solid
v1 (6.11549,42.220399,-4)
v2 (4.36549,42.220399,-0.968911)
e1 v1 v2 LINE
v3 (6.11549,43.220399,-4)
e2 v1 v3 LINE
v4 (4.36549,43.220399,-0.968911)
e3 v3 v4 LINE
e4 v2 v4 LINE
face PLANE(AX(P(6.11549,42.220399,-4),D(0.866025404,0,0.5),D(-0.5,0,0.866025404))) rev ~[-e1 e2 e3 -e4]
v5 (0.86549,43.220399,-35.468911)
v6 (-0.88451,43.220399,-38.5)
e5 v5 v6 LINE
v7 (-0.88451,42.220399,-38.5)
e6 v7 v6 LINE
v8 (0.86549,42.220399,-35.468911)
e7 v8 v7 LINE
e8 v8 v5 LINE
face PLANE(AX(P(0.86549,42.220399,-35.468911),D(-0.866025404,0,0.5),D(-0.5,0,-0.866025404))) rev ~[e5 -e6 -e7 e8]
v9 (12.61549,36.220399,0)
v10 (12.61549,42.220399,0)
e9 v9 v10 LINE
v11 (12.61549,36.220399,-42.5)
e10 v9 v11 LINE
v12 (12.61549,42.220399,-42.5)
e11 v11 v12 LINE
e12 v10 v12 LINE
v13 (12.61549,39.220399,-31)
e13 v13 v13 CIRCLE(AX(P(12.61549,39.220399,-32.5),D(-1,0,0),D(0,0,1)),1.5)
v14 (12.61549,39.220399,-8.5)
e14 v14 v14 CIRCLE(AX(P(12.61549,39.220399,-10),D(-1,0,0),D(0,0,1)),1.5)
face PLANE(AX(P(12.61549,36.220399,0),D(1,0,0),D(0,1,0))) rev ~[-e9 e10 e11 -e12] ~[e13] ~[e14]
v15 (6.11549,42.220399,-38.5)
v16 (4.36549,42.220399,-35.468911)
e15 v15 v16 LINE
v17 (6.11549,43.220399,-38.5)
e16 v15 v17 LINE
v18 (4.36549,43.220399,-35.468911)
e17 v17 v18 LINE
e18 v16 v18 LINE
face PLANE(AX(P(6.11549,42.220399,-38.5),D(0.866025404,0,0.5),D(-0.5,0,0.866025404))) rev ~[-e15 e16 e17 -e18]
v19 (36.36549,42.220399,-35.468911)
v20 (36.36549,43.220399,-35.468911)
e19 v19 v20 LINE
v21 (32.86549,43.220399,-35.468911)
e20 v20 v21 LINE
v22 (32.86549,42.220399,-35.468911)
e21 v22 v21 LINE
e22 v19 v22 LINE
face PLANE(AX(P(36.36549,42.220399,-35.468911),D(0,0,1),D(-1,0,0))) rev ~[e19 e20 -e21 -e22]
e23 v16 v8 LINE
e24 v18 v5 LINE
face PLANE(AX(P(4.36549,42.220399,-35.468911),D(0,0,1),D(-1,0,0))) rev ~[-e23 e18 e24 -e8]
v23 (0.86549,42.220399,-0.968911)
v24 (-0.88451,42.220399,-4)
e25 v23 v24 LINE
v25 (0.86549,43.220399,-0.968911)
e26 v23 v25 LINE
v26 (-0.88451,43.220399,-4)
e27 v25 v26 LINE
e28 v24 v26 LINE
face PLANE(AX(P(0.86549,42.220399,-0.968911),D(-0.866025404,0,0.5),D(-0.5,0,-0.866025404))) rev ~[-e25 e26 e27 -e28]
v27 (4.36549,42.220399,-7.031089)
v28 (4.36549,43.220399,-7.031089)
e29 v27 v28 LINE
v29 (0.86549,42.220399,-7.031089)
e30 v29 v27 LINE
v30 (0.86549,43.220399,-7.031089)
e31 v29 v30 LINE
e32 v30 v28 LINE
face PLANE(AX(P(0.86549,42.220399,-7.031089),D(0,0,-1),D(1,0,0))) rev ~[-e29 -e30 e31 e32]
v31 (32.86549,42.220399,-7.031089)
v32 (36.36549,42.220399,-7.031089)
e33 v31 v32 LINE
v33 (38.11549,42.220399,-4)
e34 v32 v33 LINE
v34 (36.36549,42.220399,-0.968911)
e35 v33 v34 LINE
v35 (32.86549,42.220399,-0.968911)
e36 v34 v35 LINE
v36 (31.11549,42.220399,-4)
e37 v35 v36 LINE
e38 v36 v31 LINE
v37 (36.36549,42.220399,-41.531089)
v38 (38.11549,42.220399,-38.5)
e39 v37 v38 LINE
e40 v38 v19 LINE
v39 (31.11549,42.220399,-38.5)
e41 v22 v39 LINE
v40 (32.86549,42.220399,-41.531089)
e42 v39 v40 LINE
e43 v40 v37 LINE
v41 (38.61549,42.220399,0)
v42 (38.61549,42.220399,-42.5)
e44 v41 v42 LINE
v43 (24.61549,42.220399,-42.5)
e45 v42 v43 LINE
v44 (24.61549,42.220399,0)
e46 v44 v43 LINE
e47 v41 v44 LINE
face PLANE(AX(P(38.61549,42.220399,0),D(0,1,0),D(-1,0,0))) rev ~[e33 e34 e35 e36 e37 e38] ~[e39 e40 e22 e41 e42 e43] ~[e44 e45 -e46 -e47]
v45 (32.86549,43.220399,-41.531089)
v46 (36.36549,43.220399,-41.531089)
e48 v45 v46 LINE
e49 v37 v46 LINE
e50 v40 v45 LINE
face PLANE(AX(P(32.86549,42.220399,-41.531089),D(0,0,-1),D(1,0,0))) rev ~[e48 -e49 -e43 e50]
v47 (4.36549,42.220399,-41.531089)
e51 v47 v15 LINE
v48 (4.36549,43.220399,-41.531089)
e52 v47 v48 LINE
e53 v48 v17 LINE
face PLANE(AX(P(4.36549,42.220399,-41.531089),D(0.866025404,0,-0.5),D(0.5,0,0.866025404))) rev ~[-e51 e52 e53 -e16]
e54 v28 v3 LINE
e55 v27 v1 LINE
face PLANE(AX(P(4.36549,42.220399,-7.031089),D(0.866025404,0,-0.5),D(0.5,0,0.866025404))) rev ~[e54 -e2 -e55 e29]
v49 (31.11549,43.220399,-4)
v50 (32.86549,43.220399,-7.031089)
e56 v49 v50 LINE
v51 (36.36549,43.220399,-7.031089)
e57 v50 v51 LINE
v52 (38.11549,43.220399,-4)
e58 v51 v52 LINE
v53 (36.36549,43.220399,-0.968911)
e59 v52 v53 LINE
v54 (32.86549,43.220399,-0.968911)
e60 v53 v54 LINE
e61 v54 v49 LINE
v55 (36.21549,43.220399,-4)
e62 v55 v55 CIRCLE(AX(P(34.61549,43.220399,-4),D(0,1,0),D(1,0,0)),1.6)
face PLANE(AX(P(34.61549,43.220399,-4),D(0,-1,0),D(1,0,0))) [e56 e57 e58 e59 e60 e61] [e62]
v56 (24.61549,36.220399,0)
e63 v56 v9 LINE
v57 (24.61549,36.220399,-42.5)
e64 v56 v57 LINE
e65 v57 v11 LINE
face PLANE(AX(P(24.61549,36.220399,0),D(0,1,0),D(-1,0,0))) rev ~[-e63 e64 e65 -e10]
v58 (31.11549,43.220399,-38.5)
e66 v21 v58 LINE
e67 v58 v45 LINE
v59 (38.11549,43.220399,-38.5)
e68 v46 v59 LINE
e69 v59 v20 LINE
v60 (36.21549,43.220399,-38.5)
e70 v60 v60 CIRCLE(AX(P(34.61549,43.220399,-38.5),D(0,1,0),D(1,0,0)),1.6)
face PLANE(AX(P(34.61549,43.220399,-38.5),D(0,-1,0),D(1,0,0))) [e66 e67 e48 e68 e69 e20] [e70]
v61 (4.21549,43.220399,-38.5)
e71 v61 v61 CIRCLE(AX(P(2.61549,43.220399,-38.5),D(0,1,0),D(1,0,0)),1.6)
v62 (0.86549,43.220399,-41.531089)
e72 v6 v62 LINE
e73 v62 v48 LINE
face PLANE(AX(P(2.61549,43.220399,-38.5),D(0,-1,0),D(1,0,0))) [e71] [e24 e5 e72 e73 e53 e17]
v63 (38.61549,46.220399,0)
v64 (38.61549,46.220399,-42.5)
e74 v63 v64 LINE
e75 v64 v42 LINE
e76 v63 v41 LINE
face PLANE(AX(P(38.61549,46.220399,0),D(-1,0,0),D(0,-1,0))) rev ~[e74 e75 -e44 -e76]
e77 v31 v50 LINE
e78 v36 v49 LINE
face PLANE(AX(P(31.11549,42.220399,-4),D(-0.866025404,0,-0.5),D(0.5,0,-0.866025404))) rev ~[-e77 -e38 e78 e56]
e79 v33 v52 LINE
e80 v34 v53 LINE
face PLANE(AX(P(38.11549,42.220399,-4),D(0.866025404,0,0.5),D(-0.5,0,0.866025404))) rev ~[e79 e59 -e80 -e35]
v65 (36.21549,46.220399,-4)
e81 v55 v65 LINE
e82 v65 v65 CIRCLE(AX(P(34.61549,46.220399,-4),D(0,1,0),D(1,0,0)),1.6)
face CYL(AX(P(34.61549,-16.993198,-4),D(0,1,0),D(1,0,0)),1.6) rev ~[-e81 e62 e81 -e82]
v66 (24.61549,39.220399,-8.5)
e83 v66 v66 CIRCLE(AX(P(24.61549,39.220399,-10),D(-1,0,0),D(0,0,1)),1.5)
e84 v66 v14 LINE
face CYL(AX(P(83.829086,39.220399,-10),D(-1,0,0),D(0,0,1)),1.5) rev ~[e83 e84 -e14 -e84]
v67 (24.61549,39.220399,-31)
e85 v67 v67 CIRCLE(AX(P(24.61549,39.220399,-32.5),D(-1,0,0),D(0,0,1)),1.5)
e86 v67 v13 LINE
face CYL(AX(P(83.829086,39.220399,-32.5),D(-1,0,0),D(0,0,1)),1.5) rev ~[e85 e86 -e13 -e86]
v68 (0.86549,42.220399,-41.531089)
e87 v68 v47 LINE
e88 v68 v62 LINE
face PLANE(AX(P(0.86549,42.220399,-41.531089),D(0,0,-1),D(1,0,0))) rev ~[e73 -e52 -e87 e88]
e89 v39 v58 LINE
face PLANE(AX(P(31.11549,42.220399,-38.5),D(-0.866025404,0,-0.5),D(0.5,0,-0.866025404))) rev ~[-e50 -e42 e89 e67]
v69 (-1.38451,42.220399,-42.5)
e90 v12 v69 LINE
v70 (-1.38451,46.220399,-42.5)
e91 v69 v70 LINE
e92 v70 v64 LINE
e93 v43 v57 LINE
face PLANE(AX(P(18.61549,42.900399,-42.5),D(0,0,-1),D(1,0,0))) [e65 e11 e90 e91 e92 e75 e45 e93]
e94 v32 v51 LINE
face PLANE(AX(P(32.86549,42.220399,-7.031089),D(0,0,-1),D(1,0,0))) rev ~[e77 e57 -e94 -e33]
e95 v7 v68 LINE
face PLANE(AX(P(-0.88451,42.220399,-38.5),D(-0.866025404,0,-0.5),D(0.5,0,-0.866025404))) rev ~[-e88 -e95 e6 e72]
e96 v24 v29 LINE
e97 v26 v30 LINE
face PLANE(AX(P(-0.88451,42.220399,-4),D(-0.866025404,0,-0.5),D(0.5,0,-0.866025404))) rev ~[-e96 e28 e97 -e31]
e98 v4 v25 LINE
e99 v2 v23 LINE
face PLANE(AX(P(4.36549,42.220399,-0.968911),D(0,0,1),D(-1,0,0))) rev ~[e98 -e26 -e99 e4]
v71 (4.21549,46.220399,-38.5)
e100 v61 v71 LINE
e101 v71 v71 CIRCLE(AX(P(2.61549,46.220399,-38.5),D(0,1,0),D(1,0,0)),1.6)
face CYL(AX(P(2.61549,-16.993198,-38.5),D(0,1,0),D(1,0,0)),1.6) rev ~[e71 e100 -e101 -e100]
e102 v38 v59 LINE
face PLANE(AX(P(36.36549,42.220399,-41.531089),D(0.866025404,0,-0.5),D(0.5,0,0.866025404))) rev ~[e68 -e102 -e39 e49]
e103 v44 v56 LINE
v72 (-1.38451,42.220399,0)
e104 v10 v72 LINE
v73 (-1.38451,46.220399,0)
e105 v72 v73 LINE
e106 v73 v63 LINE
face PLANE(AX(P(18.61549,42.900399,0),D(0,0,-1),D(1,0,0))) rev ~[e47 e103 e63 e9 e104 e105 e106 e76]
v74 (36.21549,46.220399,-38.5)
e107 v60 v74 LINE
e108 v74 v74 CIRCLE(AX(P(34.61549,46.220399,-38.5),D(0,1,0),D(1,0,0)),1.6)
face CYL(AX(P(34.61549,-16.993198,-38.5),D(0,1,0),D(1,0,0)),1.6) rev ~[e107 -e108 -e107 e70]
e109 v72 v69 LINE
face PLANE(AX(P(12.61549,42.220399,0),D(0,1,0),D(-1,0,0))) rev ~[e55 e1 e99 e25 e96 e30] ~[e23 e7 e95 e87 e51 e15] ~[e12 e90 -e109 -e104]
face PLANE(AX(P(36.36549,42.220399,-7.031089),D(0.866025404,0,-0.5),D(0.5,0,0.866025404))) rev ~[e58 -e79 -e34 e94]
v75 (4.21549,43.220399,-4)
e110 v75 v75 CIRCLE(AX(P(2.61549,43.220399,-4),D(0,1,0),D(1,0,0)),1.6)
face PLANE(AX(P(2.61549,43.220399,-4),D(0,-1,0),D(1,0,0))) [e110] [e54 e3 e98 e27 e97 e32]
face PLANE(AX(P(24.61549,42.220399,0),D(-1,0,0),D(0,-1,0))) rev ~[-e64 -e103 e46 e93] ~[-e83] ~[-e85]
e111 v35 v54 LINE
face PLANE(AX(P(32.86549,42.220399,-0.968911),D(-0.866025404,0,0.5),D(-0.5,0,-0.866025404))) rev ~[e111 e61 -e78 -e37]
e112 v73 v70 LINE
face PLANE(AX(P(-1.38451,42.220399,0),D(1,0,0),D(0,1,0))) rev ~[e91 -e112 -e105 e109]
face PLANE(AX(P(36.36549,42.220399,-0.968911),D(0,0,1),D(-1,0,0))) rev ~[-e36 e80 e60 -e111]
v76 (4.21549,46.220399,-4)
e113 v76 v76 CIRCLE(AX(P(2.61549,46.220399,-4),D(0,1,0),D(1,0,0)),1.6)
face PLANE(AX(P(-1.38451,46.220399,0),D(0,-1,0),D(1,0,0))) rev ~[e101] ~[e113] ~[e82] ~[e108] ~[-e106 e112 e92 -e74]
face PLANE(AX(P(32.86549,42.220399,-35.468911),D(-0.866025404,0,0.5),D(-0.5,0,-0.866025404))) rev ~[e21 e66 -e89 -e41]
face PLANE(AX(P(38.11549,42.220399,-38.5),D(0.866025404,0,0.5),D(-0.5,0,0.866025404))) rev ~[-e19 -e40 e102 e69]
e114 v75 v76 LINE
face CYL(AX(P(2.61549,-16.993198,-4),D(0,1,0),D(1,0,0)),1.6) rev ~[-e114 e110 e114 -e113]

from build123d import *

# Parameters (mm, degrees)
BOSS_EXTRU_1_DEPTH      = 42.5
D_GAGEMENT_M31_D        = 3
D_GAGEMENT_M33_D        = 3.2
ENL_V_MAT_EXTRU_1_DEPTH = 1


with BuildPart() as part:
    # Esquisse1 → Boss.-Extru.1 (new body)
    with BuildSketch(Plane(origin=(0, 0, 0), x_dir=(1, 0, 0), z_dir=(0, 0, -1))):
        Polygon((-1.384510159, -46.220398701), (38.615489841, -46.220398701), (38.615489841, -42.220398701), (24.615489841, -42.220398701), (24.615489841, -36.220398701), (12.615489841, -36.220398701), (12.615489841, -42.220398701), (-1.384510159, -42.220398701), align=None)
    extrude(amount=BOSS_EXTRU_1_DEPTH)

    # Dégagement M31 (through all)
    with Locations(Plane(origin=(24.615489841, 0, 0), x_dir=(0, 0, -1), z_dir=(1, 0, 0))):
        with Locations((10, 39.220398701), (32.5, 39.220398701)):
            Hole(D_GAGEMENT_M31_D / 2)

    # Dégagement M33 (through all)
    with Locations(Plane(origin=(0, 42.220398701, 0), x_dir=(-1, 0, 0), z_dir=(0, -1, 0))):
        with Locations((3, -59.94627318), (-34.615489841, 38.5), (-2.615489841, 38.5), (-2.615489841, 4), (-34.615489841, 4)):
            Hole(D_GAGEMENT_M33_D / 2)

    # Esquisse9 → Enlèv. mat.-Extru.1 (cut)
    with BuildSketch(Plane.XZ.offset(-42.220398701)):
        Polygon((32.865489841, -35.468911087), (31.115489841, -38.5), (32.865489841, -41.531088913), (36.365489841, -41.531088913), (38.115489841, -38.5), (36.365489841, -35.468911087), align=None)
        Polygon((4.365489841, -35.468911087), (0.865489841, -35.468911087), (-0.884510159, -38.5), (0.865489841, -41.531088913), (4.365489841, -41.531088913), (6.115489841, -38.5), align=None)
        Polygon((32.865489841, -0.968911087), (31.115489841, -4), (32.865489841, -7.031088913), (36.365489841, -7.031088913), (38.115489841, -4), (36.365489841, -0.968911087), align=None)
        Polygon((4.365489841, -0.968911087), (0.865489841, -0.968911087), (-0.884510159, -4), (0.865489841, -7.031088913), (4.365489841, -7.031088913), (6.115489841, -4), align=None)
    extrude(amount=-ENL_V_MAT_EXTRU_1_DEPTH, mode=Mode.SUBTRACT)


solid = part.part
